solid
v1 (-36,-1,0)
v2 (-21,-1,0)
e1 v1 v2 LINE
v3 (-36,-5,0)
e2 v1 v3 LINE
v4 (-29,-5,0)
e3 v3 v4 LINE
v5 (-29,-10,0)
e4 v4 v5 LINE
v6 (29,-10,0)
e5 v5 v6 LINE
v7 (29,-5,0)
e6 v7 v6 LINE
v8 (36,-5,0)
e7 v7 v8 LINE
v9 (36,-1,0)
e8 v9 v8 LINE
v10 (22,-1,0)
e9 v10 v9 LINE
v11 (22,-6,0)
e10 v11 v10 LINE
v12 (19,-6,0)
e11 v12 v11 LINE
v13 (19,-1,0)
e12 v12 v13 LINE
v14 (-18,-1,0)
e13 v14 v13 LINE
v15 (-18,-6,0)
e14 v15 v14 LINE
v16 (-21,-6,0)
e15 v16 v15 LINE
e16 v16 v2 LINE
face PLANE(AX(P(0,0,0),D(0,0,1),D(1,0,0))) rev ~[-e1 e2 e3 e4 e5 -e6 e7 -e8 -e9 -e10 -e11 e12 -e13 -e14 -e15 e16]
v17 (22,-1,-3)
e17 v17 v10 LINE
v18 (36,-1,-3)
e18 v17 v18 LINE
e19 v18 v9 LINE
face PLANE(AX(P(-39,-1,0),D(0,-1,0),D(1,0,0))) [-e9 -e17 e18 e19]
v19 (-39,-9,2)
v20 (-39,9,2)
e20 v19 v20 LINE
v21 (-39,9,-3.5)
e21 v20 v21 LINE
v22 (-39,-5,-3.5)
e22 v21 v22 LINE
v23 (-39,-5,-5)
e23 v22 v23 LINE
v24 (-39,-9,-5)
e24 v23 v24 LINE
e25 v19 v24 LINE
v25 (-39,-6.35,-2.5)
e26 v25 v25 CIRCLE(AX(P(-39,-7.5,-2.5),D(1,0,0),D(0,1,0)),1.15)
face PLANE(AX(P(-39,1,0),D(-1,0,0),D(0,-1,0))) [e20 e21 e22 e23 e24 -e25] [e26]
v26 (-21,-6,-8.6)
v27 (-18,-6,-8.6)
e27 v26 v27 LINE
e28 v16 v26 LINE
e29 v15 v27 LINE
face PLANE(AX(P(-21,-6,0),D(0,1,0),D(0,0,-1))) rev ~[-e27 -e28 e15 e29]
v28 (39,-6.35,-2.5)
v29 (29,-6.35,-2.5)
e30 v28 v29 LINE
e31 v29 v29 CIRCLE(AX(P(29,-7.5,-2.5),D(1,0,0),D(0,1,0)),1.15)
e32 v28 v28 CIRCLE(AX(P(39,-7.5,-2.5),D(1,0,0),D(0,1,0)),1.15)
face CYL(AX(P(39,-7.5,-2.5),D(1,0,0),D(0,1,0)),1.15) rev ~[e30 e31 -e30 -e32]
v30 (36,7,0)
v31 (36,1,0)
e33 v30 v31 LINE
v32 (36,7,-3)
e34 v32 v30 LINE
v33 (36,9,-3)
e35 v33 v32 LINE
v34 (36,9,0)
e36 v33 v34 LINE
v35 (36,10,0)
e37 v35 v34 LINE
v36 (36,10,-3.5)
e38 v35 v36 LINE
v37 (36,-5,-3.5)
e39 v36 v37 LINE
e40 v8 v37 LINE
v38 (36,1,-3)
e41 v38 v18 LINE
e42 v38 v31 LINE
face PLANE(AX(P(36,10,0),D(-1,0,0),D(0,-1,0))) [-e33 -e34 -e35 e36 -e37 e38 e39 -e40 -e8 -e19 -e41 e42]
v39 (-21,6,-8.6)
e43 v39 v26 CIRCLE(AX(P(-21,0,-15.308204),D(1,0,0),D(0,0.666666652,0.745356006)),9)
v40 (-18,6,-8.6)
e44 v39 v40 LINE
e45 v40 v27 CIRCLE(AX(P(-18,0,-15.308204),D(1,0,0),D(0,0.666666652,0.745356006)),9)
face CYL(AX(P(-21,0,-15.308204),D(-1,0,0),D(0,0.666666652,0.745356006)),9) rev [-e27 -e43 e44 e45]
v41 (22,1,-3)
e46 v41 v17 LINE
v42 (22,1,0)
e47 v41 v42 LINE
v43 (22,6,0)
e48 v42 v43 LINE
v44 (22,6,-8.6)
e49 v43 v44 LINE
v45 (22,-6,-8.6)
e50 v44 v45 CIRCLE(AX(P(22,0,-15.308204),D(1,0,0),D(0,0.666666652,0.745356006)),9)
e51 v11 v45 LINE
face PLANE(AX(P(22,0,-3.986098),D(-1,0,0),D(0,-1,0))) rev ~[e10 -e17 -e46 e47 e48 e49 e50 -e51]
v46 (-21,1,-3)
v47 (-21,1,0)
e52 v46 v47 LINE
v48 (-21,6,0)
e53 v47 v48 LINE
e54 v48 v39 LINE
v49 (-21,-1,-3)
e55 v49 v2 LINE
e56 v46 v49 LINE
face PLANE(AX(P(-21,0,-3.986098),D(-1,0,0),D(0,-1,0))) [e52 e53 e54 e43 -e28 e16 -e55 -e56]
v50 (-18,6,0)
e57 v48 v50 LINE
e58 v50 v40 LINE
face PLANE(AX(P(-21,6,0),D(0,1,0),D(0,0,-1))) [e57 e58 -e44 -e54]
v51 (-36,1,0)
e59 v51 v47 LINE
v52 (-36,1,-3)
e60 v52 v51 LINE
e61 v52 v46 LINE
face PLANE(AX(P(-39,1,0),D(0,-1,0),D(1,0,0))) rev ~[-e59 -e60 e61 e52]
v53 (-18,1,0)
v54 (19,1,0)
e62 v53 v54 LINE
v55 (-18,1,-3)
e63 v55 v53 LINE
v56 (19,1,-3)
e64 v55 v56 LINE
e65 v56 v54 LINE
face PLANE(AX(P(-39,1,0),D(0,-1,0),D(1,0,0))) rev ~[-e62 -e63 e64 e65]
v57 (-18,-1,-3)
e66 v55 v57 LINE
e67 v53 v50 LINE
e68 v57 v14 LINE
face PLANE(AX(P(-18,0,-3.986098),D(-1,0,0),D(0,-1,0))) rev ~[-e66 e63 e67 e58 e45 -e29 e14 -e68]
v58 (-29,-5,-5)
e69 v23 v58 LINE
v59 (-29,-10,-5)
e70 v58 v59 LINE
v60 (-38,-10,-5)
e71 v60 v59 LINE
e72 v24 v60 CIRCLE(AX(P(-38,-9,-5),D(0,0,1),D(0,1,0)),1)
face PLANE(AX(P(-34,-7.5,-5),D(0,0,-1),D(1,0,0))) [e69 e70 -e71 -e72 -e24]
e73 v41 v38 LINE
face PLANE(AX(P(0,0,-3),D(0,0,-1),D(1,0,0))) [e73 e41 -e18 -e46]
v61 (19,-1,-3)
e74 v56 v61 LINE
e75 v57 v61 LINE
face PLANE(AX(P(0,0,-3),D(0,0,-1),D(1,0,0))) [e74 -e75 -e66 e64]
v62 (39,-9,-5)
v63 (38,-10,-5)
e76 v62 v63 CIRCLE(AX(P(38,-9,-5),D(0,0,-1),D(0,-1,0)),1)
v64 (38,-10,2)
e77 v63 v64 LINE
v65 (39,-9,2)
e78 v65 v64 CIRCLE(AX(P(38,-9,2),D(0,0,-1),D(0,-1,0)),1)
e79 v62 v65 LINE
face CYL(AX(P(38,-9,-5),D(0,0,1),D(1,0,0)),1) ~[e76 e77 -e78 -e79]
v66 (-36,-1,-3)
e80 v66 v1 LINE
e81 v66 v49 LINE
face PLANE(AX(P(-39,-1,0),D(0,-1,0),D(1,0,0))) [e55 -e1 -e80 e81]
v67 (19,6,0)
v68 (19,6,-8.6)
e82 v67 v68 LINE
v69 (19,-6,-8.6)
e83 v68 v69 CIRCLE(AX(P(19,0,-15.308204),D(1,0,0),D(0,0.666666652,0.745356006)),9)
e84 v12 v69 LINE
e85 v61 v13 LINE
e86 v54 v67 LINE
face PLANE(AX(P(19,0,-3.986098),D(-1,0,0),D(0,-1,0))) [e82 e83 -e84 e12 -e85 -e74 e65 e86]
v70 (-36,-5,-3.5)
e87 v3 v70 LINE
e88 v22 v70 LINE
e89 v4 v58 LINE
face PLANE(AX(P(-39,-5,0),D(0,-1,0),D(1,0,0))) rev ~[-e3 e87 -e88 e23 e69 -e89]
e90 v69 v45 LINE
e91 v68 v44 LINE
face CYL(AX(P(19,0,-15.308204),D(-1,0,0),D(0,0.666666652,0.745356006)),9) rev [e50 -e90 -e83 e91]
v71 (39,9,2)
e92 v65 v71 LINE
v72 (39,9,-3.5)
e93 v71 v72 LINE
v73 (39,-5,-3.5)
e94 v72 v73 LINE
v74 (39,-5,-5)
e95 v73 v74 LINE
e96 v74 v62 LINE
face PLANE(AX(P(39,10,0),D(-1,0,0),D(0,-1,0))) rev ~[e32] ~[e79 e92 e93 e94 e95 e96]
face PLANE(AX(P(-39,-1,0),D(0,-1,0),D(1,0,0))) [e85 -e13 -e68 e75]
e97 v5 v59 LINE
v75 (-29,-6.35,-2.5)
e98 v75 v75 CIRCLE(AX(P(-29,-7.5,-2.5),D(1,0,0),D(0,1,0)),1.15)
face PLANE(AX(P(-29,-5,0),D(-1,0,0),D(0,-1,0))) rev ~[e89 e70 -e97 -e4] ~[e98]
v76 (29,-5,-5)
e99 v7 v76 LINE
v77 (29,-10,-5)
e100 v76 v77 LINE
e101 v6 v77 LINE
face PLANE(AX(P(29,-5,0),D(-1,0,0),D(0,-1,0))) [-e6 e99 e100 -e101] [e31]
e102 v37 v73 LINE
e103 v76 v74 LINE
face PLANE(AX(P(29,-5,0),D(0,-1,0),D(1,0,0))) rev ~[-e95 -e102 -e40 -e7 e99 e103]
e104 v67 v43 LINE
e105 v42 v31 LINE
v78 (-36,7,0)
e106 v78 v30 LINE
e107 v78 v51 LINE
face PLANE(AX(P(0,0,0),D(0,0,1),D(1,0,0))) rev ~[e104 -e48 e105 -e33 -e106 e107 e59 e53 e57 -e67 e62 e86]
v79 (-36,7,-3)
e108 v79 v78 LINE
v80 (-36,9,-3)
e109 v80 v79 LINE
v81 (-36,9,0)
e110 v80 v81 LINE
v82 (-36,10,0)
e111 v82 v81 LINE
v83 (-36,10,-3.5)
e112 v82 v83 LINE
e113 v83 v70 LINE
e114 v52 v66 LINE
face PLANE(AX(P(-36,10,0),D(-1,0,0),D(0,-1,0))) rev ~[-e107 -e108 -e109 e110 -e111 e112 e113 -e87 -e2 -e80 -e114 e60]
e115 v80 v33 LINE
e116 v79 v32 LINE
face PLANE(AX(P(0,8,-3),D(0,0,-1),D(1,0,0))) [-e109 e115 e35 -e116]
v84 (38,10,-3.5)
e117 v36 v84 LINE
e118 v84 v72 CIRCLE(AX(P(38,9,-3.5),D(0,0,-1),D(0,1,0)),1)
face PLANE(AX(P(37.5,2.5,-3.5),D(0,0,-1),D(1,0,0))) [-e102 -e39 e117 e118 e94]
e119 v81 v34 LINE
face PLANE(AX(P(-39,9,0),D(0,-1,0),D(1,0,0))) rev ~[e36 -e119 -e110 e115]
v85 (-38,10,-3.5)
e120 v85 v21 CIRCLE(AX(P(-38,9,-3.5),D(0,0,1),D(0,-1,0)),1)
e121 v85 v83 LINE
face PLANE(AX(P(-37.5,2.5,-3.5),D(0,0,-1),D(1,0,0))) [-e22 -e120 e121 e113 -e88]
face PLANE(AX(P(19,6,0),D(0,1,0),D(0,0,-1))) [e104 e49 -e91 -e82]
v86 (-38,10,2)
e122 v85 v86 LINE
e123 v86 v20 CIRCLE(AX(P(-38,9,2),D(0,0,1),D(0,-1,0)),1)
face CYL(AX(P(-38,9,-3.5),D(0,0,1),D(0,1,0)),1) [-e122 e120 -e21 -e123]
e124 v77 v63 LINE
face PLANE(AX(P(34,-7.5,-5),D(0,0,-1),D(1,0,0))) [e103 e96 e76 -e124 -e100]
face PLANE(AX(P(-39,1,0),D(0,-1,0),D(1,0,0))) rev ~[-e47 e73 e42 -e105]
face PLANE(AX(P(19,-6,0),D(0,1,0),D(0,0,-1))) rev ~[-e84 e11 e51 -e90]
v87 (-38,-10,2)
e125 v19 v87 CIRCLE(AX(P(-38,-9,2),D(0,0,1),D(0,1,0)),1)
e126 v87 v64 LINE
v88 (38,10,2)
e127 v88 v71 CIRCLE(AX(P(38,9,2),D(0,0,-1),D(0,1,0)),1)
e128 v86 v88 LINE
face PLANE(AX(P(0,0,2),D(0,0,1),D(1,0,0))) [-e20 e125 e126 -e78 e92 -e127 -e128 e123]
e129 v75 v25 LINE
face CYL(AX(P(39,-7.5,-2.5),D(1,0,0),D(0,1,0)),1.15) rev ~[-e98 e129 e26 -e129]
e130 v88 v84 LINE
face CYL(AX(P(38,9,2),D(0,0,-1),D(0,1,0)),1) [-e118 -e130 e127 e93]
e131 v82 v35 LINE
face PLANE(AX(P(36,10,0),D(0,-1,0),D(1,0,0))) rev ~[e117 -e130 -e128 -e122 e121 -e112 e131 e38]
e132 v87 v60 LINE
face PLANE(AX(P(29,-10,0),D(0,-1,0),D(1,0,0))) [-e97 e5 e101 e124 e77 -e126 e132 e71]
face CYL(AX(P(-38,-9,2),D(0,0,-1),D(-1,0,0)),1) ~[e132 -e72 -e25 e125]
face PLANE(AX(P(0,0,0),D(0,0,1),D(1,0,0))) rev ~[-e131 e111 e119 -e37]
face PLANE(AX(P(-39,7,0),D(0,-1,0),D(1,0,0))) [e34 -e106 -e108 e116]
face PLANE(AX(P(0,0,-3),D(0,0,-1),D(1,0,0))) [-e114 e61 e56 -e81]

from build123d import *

# Parameters (mm, degrees)
SKETCH_W     = 78
SKETCH_H     = 20
PAD_DEPTH    = 2
SKETCH001_W  = 10
SKETCH001_H  = 5
PAD001_DEPTH = 5
SKETCH002_R  = 1.15
POCKET_DEPTH = 78.001
SKETCH003_W  = 3
SKETCH003_H  = 15
PAD002_DEPTH = 3.5
PAD003_DEPTH = 3
PAD004_DEPTH = 3
FILLET_R     = 1
SKETCH006_W  = 78
SKETCH006_H  = 2
PAD005_DEPTH = 3


with BuildPart() as part:
    # Sketch → Pad (new body)
    with BuildSketch(Plane.XY):
        Rectangle(SKETCH_W, SKETCH_H)
    extrude(amount=PAD_DEPTH)

    # Sketch001 (on Face5 of Pad) → Pad001 (join)
    with BuildSketch(Plane(origin=(0, 0, 0), x_dir=(1, 0, 0), z_dir=(0, 0, -1))):
        with Locations((34, 7.5)):
            Rectangle(SKETCH001_W, SKETCH001_H)
        with Locations((-34, 7.5)):
            Rectangle(SKETCH001_W, SKETCH001_H)
    extrude(amount=PAD001_DEPTH)

    # Sketch002 (on Face8 of Pad001) → Pocket (cut, through all)
    with BuildSketch(Plane.YZ.offset(39)):
        with Locations((-7.5, -2.5)):
            Circle(SKETCH002_R)
    extrude(amount=-POCKET_DEPTH, mode=Mode.SUBTRACT)

    # Sketch003 (on Face4 of Pocket) → Pad002 (join)
    with BuildSketch(Plane(origin=(0, 0, 0), x_dir=(1, 0, 0), z_dir=(0, 0, -1))):
        with Locations((37.5, -2.5)):
            Rectangle(SKETCH003_W, SKETCH003_H)
        with Locations((-37.5, -2.5)):
            Rectangle(SKETCH003_W, SKETCH003_H)
    extrude(amount=PAD002_DEPTH)

    # Sketch004 (on Face3 of Pad002) → Pad003 (join)
    with BuildSketch(Plane.YZ.offset(-21)):
        with BuildLine():
            Line((-6, 0), (6, 0))
            Line((6, 0), (6, -8.6))
            ThreePointArc((6, -8.6), (0, -6.308204), (-6, -8.6))
            Line((-6, 0), (-6, -8.6))
        make_face()
    extrude(amount=PAD003_DEPTH)

    # Sketch005 (on Face3 of Pad002) → Pad004 (join)
    with BuildSketch(Plane.YZ.offset(19)):
        with BuildLine():
            Line((-6, 0), (6, 0))
            Line((6, 0), (6, -8.6))
            ThreePointArc((6, -8.6), (0, -6.308204), (-6, -8.6))
            Line((-6, 0), (-6, -8.6))
        make_face()
    extrude(amount=PAD004_DEPTH)

    # Fillet
    fillet_edges = [part.edges().sort_by_distance(p)[0] for p in [
        (39, 10, 1),
        (39, 10, -1.75),
        (39, -10, -2.5),
        (39, -10, 1),
        (-39, -10, 1),
        (-39, -10, -2.5),
        (-39, 10, 1),
        (-39, 10, -1.75),
    ]]
    fillet(fillet_edges, radius=FILLET_R)

    # Sketch006 (on Face4 of Fillet) → Pad005 (join)
    with BuildSketch(Plane(origin=(0, 0, 0), x_dir=(1, 0, 0), z_dir=(0, 0, -1))):
        Rectangle(SKETCH006_W, SKETCH006_H)
        with Locations((0, -8)):
            Rectangle(SKETCH006_W, SKETCH006_H)
    extrude(amount=PAD005_DEPTH)


solid = part.part
